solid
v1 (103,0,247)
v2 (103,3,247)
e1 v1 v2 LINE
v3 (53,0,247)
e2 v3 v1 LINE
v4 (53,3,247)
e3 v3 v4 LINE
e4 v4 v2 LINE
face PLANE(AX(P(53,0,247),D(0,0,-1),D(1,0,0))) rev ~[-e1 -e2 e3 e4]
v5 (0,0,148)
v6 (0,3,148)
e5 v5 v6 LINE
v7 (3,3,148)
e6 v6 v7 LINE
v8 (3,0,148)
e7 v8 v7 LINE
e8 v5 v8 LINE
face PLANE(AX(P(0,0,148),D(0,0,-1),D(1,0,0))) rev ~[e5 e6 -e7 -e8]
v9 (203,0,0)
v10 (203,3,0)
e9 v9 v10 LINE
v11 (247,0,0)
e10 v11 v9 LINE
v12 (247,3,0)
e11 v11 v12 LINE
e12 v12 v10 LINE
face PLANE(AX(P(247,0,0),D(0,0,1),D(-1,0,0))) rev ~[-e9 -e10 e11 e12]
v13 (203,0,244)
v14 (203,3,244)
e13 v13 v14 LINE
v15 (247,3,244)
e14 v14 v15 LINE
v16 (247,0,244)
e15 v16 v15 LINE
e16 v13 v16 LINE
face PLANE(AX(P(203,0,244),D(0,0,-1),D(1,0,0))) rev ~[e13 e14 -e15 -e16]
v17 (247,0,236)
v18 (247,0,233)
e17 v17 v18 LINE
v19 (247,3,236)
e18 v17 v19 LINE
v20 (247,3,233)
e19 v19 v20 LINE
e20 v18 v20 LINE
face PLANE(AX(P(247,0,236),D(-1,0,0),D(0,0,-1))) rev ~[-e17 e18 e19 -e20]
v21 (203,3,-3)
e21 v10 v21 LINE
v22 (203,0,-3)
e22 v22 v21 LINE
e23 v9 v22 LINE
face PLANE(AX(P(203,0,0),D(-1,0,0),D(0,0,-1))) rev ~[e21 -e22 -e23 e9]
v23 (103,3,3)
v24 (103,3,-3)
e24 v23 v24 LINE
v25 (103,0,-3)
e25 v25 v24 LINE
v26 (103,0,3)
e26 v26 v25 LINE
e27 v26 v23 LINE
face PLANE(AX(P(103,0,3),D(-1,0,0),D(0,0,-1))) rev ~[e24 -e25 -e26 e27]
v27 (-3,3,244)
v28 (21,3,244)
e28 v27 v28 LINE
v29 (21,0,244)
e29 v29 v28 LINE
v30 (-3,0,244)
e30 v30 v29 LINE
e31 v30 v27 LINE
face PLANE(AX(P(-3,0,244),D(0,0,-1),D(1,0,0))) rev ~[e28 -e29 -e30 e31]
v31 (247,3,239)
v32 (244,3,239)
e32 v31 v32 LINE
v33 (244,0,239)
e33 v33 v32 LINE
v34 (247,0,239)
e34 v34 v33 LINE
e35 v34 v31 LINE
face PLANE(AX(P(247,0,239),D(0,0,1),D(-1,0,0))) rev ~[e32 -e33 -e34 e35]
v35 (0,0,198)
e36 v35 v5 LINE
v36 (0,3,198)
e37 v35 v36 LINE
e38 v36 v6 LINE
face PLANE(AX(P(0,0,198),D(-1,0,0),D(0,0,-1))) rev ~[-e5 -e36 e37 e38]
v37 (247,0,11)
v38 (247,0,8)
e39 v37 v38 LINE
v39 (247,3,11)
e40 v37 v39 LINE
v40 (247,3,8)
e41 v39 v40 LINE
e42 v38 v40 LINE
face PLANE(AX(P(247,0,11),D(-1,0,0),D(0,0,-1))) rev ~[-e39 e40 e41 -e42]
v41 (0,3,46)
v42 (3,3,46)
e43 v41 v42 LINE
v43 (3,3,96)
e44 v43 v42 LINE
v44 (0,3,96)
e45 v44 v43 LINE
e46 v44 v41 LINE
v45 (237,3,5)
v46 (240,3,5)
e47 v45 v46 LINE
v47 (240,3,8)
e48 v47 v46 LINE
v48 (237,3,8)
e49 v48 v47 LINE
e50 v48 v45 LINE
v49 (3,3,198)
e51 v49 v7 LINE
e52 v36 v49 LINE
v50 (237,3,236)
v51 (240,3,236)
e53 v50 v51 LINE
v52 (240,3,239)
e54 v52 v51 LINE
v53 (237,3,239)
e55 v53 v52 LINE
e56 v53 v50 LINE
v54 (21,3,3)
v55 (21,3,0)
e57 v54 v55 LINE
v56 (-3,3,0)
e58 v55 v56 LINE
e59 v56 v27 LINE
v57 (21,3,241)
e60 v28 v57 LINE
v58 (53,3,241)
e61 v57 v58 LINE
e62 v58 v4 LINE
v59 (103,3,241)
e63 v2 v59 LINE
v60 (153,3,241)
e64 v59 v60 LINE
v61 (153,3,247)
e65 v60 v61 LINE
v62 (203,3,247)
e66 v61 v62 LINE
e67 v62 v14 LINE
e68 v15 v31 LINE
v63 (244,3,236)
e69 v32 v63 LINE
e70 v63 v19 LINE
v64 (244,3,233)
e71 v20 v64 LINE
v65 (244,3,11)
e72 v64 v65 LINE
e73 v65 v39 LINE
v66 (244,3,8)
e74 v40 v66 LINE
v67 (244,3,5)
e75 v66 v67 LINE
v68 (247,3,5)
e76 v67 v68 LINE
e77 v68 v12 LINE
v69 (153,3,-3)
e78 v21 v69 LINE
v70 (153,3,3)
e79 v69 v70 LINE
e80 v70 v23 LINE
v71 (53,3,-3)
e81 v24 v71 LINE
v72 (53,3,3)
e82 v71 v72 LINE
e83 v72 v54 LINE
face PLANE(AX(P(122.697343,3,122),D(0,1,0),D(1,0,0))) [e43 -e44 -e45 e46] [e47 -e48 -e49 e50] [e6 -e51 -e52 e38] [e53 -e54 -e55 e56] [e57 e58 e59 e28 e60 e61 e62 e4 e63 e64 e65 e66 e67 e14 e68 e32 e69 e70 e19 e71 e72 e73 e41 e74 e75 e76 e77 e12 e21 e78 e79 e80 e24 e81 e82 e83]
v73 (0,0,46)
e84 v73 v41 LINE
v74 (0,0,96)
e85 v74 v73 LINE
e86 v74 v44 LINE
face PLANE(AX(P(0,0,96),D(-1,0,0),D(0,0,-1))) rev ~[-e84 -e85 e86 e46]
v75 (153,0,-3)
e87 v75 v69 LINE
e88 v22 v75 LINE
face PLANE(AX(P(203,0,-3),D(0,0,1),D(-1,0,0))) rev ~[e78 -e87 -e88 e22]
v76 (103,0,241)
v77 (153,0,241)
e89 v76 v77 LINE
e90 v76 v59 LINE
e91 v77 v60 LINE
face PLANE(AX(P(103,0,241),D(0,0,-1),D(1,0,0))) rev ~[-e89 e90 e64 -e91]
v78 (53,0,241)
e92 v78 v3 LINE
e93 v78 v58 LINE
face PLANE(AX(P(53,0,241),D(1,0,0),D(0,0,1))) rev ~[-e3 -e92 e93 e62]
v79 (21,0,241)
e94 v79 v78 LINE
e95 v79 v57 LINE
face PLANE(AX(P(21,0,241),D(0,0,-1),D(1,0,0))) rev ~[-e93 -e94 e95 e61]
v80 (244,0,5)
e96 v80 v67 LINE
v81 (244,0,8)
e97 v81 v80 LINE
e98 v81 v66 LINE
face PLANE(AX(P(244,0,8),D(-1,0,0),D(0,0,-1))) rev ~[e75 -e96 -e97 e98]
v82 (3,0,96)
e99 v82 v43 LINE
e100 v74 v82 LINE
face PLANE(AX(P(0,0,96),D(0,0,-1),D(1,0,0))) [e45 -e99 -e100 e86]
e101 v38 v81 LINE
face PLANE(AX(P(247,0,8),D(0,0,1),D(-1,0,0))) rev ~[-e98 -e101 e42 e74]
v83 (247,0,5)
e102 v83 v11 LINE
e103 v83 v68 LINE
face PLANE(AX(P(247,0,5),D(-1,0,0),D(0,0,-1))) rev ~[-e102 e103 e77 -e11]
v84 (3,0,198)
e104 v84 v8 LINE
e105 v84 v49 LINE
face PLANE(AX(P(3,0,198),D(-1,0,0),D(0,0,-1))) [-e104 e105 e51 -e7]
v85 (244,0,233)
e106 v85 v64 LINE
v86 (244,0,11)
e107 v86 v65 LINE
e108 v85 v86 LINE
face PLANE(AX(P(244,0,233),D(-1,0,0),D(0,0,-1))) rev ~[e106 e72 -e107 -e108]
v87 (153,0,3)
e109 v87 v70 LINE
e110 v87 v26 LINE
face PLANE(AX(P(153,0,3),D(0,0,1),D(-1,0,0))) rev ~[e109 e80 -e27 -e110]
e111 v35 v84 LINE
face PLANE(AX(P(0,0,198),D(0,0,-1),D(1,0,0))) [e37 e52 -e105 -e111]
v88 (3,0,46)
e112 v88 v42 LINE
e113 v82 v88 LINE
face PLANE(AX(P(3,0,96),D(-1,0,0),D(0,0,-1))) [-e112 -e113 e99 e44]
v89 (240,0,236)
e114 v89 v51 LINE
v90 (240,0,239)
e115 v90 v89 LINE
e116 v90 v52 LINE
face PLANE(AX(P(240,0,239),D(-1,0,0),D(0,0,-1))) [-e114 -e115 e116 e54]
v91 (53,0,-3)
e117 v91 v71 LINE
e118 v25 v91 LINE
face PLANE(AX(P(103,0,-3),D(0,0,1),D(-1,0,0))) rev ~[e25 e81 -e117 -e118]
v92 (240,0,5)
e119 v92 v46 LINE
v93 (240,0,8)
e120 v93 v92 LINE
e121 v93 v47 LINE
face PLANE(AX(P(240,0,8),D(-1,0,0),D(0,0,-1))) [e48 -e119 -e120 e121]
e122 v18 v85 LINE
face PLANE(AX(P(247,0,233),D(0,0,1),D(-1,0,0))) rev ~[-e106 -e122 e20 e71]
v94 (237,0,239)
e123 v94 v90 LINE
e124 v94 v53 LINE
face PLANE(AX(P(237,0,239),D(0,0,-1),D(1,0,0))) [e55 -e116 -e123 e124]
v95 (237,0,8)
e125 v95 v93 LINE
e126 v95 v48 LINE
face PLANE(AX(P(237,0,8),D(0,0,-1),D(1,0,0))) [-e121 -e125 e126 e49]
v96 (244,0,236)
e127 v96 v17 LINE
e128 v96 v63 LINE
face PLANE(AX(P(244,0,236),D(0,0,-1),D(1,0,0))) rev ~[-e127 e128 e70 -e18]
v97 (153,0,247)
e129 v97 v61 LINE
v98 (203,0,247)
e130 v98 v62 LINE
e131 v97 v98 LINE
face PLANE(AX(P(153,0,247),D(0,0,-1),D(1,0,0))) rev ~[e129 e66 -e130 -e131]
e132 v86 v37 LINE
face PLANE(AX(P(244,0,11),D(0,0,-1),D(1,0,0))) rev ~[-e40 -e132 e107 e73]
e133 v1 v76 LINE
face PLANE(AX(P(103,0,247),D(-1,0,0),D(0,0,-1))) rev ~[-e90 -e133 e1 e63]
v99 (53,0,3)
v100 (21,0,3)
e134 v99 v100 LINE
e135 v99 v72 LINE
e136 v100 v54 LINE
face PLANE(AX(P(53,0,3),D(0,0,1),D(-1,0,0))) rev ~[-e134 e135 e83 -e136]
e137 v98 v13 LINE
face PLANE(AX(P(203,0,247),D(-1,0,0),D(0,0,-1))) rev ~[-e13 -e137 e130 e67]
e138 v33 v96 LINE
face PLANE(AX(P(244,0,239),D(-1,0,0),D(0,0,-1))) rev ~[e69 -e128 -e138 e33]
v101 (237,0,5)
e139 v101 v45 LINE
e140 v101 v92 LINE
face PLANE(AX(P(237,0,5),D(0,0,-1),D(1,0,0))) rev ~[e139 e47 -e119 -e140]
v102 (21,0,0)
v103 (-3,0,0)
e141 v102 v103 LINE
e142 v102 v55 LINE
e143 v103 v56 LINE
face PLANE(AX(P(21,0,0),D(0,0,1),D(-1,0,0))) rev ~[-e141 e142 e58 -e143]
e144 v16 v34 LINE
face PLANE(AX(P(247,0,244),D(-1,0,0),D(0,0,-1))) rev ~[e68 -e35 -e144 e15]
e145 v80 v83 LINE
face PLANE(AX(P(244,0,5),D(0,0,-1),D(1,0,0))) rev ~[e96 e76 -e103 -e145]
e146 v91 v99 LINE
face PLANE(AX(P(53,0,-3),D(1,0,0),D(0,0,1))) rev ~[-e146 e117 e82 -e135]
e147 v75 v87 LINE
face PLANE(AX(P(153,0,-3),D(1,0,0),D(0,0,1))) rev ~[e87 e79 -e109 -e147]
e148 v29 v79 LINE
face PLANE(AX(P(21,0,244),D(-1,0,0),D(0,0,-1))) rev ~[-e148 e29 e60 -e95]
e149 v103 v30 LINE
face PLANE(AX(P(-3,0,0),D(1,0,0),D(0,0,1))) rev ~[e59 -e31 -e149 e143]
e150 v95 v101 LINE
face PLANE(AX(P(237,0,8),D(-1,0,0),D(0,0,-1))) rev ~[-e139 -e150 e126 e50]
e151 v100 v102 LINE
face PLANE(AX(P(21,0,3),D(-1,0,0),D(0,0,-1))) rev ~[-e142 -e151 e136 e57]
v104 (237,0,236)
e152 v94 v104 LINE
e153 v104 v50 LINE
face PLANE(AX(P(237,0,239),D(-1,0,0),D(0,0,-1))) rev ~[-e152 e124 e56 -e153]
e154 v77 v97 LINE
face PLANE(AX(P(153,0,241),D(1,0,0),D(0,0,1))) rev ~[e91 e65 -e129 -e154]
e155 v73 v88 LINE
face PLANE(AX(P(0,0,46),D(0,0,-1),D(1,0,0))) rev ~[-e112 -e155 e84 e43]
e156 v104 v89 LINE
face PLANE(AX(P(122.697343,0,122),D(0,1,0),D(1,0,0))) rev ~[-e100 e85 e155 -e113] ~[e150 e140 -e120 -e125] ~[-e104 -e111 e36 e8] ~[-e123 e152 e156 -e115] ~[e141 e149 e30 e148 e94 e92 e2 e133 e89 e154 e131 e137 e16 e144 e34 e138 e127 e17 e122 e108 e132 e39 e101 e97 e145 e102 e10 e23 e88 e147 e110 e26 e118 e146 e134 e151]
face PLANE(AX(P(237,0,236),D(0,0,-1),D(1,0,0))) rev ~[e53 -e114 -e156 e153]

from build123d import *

# Parameters (mm, degrees)
SKETCH1_W           = 3
SKETCH1_H           = 50
SKETCH1_H_2         = 3
BOSS_EXTRUDE1_DEPTH = 3


with BuildPart() as part:
    # Sketch1 → Boss-Extrude1 (new body)
    with BuildSketch(Plane(origin=(0, 0, 0), x_dir=(1, 0, 0), z_dir=(0, 1, 0))):
        Polygon((247, -244), (247, -239), (244, -239), (244, -236), (247, -236), (247, -233), (244, -233), (244, -11), (247, -11), (247, -8), (244, -8), (244, -5), (247, -5), (247, 0), (203, 0), (203, 3), (153, 3), (153, -3), (103, -3), (103, 3), (53, 3), (53, -3), (21, -3), (21, 0), (0, 0), (-3, 0), (-3, -244), (0, -244), (21, -244), (21, -241), (53, -241), (53, -247), (103, -247), (103, -241), (153, -241), (153, -247), (203, -247), (203, -244), align=None)
        with Locations((1.5, -173)):
            Rectangle(SKETCH1_W, SKETCH1_H, mode=Mode.SUBTRACT)
        with Locations((238.5, -6.5)):
            Rectangle(SKETCH1_W, SKETCH1_H_2, mode=Mode.SUBTRACT)
        with Locations((1.5, -71)):
            Rectangle(SKETCH1_W, SKETCH1_H, mode=Mode.SUBTRACT)
        with Locations((238.5, -237.5)):
            Rectangle(SKETCH1_W, SKETCH1_H_2, mode=Mode.SUBTRACT)
    extrude(amount=BOSS_EXTRUDE1_DEPTH)


solid = part.part
